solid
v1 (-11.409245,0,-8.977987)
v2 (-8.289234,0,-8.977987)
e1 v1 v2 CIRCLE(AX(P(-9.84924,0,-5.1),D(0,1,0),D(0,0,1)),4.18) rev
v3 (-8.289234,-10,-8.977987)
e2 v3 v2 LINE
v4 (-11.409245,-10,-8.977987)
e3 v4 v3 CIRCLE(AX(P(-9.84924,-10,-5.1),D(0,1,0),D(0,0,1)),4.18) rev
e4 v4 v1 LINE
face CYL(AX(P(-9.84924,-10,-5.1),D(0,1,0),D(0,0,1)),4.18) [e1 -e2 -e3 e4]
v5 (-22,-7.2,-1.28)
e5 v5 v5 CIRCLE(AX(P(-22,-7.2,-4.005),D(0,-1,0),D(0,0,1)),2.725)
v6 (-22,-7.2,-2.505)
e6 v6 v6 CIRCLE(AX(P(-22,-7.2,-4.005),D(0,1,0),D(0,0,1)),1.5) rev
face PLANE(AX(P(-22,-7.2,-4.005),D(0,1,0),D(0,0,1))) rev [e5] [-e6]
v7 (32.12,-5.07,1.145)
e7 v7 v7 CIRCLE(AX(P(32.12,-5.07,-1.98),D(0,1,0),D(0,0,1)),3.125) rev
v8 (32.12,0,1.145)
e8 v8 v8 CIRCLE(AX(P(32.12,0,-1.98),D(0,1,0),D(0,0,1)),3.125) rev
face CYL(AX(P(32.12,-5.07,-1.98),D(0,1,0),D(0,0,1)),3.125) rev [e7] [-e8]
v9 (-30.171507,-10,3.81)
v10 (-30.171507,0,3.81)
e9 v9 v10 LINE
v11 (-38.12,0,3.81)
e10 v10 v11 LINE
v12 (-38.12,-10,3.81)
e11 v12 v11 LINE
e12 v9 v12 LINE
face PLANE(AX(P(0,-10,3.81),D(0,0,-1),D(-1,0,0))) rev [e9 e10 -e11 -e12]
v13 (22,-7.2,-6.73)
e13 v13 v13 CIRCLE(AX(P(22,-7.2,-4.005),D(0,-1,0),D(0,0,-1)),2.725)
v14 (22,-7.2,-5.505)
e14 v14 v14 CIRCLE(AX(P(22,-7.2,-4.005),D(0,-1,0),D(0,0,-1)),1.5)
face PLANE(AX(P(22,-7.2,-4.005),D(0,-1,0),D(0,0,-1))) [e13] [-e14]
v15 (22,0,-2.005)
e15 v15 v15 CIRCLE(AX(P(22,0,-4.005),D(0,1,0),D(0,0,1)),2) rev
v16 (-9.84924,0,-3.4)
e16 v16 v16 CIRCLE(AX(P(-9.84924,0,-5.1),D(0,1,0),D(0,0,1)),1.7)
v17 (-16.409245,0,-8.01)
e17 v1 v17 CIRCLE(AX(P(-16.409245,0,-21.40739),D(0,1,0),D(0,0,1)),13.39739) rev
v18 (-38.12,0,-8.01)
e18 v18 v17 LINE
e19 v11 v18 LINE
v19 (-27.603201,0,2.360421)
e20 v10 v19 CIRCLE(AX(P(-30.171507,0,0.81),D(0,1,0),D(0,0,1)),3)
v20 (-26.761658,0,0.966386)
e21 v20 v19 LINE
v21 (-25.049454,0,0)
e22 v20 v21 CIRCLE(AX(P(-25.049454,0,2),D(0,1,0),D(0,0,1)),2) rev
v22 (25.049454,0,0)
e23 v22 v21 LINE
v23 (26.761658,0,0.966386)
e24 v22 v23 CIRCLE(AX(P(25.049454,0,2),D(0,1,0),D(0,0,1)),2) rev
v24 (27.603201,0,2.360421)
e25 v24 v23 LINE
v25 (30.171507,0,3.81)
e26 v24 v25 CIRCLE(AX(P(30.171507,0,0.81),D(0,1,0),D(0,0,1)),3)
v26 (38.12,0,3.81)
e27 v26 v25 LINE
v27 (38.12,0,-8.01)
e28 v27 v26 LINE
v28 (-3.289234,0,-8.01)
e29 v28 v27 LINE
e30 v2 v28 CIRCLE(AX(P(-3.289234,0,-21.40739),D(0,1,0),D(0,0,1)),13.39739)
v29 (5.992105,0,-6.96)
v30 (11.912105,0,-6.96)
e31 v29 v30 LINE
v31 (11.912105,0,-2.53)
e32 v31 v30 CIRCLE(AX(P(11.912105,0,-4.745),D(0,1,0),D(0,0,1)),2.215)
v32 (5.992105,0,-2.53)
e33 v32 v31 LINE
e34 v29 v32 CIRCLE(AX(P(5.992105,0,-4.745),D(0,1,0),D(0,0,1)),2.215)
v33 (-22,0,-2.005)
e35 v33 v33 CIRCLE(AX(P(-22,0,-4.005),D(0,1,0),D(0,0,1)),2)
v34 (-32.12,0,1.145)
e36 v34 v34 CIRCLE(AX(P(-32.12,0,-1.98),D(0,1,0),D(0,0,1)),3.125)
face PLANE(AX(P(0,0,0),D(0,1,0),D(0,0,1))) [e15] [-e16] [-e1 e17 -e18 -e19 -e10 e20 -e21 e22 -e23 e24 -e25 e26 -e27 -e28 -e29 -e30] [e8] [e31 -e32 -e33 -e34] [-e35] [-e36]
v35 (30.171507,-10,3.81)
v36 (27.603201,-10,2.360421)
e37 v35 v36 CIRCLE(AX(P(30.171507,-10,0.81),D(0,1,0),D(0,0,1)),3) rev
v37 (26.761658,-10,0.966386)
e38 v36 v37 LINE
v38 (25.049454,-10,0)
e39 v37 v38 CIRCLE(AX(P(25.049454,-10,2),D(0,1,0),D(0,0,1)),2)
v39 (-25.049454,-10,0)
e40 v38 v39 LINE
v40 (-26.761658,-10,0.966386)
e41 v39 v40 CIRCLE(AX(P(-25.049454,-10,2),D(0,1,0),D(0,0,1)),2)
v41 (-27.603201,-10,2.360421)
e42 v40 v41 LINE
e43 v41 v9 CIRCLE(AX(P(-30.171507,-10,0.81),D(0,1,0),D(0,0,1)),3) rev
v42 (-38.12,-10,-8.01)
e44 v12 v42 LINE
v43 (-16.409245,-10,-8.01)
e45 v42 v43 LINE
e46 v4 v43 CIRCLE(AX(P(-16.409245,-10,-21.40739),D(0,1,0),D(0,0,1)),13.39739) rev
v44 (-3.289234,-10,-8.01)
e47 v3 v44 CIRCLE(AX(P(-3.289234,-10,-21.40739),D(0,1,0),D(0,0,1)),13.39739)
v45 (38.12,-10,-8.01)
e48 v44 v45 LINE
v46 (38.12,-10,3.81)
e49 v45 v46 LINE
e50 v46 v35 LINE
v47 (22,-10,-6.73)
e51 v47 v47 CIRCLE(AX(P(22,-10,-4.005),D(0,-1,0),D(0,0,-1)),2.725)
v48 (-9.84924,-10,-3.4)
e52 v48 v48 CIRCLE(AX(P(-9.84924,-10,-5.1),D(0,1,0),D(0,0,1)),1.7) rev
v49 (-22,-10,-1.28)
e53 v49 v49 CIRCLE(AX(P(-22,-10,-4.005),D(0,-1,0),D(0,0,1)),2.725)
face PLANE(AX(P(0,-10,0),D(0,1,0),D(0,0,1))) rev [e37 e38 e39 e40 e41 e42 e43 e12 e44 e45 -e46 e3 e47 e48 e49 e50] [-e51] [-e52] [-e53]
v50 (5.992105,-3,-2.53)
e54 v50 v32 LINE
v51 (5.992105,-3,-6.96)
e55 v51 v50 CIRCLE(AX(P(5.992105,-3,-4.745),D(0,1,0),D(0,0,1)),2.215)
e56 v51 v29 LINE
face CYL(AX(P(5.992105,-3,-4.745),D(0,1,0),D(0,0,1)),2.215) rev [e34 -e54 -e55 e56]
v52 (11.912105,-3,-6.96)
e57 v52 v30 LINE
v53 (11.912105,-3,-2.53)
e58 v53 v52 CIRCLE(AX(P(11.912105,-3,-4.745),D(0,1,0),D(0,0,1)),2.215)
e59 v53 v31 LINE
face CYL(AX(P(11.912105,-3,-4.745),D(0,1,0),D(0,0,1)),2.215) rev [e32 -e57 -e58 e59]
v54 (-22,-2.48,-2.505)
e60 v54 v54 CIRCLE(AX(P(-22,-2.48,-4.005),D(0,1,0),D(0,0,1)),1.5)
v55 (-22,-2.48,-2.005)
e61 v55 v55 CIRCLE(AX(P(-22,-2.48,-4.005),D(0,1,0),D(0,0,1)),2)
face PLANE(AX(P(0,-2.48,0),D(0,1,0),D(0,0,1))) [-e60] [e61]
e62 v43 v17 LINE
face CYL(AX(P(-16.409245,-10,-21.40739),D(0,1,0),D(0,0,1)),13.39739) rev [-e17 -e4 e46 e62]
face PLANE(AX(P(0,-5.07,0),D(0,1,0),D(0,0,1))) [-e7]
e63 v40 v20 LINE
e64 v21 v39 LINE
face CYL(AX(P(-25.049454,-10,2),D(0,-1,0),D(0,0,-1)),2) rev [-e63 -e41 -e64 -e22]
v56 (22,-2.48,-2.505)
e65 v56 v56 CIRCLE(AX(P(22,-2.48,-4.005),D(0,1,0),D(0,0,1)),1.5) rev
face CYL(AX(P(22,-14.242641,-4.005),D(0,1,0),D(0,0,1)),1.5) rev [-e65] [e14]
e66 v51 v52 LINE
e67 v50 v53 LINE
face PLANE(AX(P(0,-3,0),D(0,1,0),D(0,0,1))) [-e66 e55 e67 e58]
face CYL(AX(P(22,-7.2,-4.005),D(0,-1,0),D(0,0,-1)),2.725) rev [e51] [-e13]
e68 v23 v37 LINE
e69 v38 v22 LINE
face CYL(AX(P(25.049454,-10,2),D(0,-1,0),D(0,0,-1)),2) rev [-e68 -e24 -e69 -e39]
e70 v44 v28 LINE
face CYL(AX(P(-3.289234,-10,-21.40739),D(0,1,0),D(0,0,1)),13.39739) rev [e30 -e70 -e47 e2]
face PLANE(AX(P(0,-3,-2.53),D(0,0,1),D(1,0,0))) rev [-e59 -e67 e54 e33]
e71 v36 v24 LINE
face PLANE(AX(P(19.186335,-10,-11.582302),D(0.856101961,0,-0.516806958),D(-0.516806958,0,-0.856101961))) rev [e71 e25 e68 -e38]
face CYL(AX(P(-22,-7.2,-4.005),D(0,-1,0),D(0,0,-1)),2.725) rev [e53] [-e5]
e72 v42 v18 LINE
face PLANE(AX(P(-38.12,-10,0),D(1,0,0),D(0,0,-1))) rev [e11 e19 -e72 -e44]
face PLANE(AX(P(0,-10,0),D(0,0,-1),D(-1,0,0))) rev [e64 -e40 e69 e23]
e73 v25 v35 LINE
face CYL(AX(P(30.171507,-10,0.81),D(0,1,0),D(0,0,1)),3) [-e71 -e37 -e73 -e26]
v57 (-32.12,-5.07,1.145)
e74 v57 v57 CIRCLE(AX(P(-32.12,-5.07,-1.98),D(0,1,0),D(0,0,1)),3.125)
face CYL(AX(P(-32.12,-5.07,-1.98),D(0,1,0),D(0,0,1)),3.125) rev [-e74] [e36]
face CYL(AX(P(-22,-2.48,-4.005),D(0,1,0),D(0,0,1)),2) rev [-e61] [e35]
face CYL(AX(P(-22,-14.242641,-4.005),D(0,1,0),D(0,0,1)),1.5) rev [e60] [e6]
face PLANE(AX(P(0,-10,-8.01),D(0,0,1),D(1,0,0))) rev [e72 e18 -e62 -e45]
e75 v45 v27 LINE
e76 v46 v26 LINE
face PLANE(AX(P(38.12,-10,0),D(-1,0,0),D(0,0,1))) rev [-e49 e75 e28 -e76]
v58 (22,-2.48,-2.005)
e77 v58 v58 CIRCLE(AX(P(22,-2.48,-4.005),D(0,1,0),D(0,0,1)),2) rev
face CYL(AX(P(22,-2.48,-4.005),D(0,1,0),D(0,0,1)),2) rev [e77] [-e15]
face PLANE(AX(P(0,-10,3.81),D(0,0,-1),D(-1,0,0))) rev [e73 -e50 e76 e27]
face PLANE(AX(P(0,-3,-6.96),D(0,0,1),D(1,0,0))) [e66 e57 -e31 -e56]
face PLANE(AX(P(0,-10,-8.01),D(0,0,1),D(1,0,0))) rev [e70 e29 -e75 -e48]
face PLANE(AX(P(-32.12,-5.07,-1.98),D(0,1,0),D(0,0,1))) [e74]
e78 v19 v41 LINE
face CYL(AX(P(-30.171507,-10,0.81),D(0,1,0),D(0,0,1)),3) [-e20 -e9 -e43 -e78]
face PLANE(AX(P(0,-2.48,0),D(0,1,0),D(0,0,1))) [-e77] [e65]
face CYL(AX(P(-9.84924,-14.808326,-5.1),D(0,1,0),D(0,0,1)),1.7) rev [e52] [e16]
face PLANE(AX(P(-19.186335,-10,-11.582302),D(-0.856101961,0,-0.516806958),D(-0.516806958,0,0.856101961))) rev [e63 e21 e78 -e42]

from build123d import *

# Parameters (mm, degrees)
SKETCH1_R           = 2
SKETCH1_R_2         = 3.125
SKETCH1_R_3         = 1.7
BOSS_EXTRUDE1_DEPTH = 10
FILLET2_R           = 3
FILLET1_R           = 2
SKETCH1_4_R         = 3.125
CUT_EXTRUDE3_DEPTH  = 5.07
SKETCH1_7_R         = 1.7
CUT_EXTRUDE6_DEPTH  = 10
CUT_EXTRUDE5_DEPTH  = 3
SKETCH1_5_R         = 2
CUT_EXTRUDE4_DEPTH  = 2.48
SKETCH4_R           = 1.5
CUT_EXTRUDE7_DEPTH  = 10
SKETCH5_R           = 2.725
CUT_EXTRUDE8_DEPTH  = 2.8


with BuildPart() as part:
    # Sketch1 → Boss-Extrude1 (new body)
    with BuildSketch(Plane(origin=(0, 0, 0), x_dir=(1, 0, 0), z_dir=(0, 1, 0))):
        with BuildLine():
            ThreePointArc((-11.409245094, 8.977987014), (-9.849239736, 9.28), (-8.289234378, 8.977987014))
            ThreePointArc((-8.289234378, 8.977987014), (-5.835653376, 8.254222737), (-3.289234378, 8.01))
            Line((-3.289234378, 8.01), (38.12, 8.01))
            Line((38.12, 8.01), (38.12, -3.81))
            Line((38.12, -3.81), (28.478275237, -3.81))
            Line((28.478275237, -3.81), (26.178275237, 0))
            Line((26.178275237, 0), (-26.178275237, 0))
            Line((-26.178275237, 0), (-28.478275237, -3.81))
            Line((-28.478275237, -3.81), (-38.12, -3.81))
            Line((-38.12, -3.81), (-38.12, 8.01))
            Line((-38.12, 8.01), (-16.409245094, 8.01))
            ThreePointArc((-16.409245094, 8.01), (-13.862826096, 8.254222737), (-11.409245094, 8.977987014))
        make_face()
        with Locations((22, 4.005)):
            Circle(SKETCH1_R, mode=Mode.SUBTRACT)
        with Locations((-22, 4.005)):
            Circle(SKETCH1_R, mode=Mode.SUBTRACT)
        with Locations((-32.12, 1.98)):
            Circle(SKETCH1_R_2, mode=Mode.SUBTRACT)
        with Locations((32.12, 1.98)):
            Circle(SKETCH1_R_2, mode=Mode.SUBTRACT)
        with Locations((-9.849239736, 5.1)):
            Circle(SKETCH1_R_3, mode=Mode.SUBTRACT)
        with BuildLine():
            ThreePointArc((11.912105026, 2.53), (14.127105026, 4.745), (11.912105026, 6.96))
            Line((11.912105026, 6.96), (5.992105026, 6.96))
            ThreePointArc((5.992105026, 6.96), (3.777105026, 4.745), (5.992105026, 2.53))
            Line((5.992105026, 2.53), (11.912105026, 2.53))
        make_face(mode=Mode.SUBTRACT)
        with Locations((-22, 4.005)):
            Circle(SKETCH1_R)
        with Locations((-9.849239736, 5.1)):
            Circle(SKETCH1_R_3)
        with Locations((-32.12, 1.98)):
            Circle(SKETCH1_R_2)
        with BuildLine():
            Line((5.992105026, 2.53), (11.912105026, 2.53))
            ThreePointArc((11.912105026, 2.53), (14.127105026, 4.745), (11.912105026, 6.96))
            Line((11.912105026, 6.96), (5.992105026, 6.96))
            ThreePointArc((5.992105026, 6.96), (3.777105026, 4.745), (5.992105026, 2.53))
        make_face()
        with Locations((22, 4.005)):
            Circle(SKETCH1_R)
        with Locations((32.12, 1.98)):
            Circle(SKETCH1_R_2)
    extrude(amount=-BOSS_EXTRUDE1_DEPTH)

    # Fillet2
    fillet2_edges = [part.edges().sort_by_distance(p)[0] for p in [
        (28.478275237, -5, 3.81),
        (-28.478275237, -5, 3.81),
    ]]
    fillet(fillet2_edges, radius=FILLET2_R)

    # Fillet1
    fillet1_edges = [part.edges().sort_by_distance(p)[0] for p in [
        (26.178275237, -5, 0),
        (-26.178275237, -5, 0),
    ]]
    fillet(fillet1_edges, radius=FILLET1_R)

    # Sketch1_4 → Cut-Extrude3 (cut)
    with BuildSketch(Plane(origin=(0, 0, 0), x_dir=(1, 0, 0), z_dir=(0, 1, 0))):
        with Locations((32.12, 1.98)):
            Circle(SKETCH1_4_R)
        with Locations((-32.12, 1.98)):
            Circle(SKETCH1_4_R)
    extrude(amount=-CUT_EXTRUDE3_DEPTH, mode=Mode.SUBTRACT)

    # Sketch1_7 → Cut-Extrude6 (cut)
    with BuildSketch(Plane(origin=(0, 0, 0), x_dir=(1, 0, 0), z_dir=(0, 1, 0))):
        with Locations((-9.849239736, 5.1)):
            Circle(SKETCH1_7_R)
    extrude(amount=-CUT_EXTRUDE6_DEPTH, mode=Mode.SUBTRACT)

    # Sketch1_6 → Cut-Extrude5 (cut)
    with BuildSketch(Plane(origin=(0, 0, 0), x_dir=(1, 0, 0), z_dir=(0, 1, 0))):
        with BuildLine():
            Line((5.992105026, 2.53), (11.912105026, 2.53))
            ThreePointArc((11.912105026, 2.53), (14.127105026, 4.745), (11.912105026, 6.96))
            Line((11.912105026, 6.96), (5.992105026, 6.96))
            ThreePointArc((5.992105026, 6.96), (3.777105026, 4.745), (5.992105026, 2.53))
        make_face()
    extrude(amount=-CUT_EXTRUDE5_DEPTH, mode=Mode.SUBTRACT)

    # Sketch1_5 → Cut-Extrude4 (cut)
    with BuildSketch(Plane(origin=(0, 0, 0), x_dir=(1, 0, 0), z_dir=(0, 1, 0))):
        with Locations((-22, 4.005)):
            Circle(SKETCH1_5_R)
        with Locations((22, 4.005)):
            Circle(SKETCH1_5_R)
    extrude(amount=-CUT_EXTRUDE4_DEPTH, mode=Mode.SUBTRACT)

    # Sketch4 → Cut-Extrude7 (cut)
    with BuildSketch(Plane(origin=(0, 0, 0), x_dir=(1, 0, 0), z_dir=(0, 1, 0))):
        with Locations((-22, 4.005)):
            Circle(SKETCH4_R)
        with Locations((22, 4.005)):
            Circle(SKETCH4_R)
    extrude(amount=-CUT_EXTRUDE7_DEPTH, mode=Mode.SUBTRACT)

    # Sketch5 → Cut-Extrude8 (cut)
    with BuildSketch(Plane.XZ.offset(10)):
        with Locations((22, -4.005)):
            Circle(SKETCH5_R)
        with Locations((-22, -4.005)):
            Circle(SKETCH5_R)
    extrude(amount=-CUT_EXTRUDE8_DEPTH, mode=Mode.SUBTRACT)


solid = part.part
